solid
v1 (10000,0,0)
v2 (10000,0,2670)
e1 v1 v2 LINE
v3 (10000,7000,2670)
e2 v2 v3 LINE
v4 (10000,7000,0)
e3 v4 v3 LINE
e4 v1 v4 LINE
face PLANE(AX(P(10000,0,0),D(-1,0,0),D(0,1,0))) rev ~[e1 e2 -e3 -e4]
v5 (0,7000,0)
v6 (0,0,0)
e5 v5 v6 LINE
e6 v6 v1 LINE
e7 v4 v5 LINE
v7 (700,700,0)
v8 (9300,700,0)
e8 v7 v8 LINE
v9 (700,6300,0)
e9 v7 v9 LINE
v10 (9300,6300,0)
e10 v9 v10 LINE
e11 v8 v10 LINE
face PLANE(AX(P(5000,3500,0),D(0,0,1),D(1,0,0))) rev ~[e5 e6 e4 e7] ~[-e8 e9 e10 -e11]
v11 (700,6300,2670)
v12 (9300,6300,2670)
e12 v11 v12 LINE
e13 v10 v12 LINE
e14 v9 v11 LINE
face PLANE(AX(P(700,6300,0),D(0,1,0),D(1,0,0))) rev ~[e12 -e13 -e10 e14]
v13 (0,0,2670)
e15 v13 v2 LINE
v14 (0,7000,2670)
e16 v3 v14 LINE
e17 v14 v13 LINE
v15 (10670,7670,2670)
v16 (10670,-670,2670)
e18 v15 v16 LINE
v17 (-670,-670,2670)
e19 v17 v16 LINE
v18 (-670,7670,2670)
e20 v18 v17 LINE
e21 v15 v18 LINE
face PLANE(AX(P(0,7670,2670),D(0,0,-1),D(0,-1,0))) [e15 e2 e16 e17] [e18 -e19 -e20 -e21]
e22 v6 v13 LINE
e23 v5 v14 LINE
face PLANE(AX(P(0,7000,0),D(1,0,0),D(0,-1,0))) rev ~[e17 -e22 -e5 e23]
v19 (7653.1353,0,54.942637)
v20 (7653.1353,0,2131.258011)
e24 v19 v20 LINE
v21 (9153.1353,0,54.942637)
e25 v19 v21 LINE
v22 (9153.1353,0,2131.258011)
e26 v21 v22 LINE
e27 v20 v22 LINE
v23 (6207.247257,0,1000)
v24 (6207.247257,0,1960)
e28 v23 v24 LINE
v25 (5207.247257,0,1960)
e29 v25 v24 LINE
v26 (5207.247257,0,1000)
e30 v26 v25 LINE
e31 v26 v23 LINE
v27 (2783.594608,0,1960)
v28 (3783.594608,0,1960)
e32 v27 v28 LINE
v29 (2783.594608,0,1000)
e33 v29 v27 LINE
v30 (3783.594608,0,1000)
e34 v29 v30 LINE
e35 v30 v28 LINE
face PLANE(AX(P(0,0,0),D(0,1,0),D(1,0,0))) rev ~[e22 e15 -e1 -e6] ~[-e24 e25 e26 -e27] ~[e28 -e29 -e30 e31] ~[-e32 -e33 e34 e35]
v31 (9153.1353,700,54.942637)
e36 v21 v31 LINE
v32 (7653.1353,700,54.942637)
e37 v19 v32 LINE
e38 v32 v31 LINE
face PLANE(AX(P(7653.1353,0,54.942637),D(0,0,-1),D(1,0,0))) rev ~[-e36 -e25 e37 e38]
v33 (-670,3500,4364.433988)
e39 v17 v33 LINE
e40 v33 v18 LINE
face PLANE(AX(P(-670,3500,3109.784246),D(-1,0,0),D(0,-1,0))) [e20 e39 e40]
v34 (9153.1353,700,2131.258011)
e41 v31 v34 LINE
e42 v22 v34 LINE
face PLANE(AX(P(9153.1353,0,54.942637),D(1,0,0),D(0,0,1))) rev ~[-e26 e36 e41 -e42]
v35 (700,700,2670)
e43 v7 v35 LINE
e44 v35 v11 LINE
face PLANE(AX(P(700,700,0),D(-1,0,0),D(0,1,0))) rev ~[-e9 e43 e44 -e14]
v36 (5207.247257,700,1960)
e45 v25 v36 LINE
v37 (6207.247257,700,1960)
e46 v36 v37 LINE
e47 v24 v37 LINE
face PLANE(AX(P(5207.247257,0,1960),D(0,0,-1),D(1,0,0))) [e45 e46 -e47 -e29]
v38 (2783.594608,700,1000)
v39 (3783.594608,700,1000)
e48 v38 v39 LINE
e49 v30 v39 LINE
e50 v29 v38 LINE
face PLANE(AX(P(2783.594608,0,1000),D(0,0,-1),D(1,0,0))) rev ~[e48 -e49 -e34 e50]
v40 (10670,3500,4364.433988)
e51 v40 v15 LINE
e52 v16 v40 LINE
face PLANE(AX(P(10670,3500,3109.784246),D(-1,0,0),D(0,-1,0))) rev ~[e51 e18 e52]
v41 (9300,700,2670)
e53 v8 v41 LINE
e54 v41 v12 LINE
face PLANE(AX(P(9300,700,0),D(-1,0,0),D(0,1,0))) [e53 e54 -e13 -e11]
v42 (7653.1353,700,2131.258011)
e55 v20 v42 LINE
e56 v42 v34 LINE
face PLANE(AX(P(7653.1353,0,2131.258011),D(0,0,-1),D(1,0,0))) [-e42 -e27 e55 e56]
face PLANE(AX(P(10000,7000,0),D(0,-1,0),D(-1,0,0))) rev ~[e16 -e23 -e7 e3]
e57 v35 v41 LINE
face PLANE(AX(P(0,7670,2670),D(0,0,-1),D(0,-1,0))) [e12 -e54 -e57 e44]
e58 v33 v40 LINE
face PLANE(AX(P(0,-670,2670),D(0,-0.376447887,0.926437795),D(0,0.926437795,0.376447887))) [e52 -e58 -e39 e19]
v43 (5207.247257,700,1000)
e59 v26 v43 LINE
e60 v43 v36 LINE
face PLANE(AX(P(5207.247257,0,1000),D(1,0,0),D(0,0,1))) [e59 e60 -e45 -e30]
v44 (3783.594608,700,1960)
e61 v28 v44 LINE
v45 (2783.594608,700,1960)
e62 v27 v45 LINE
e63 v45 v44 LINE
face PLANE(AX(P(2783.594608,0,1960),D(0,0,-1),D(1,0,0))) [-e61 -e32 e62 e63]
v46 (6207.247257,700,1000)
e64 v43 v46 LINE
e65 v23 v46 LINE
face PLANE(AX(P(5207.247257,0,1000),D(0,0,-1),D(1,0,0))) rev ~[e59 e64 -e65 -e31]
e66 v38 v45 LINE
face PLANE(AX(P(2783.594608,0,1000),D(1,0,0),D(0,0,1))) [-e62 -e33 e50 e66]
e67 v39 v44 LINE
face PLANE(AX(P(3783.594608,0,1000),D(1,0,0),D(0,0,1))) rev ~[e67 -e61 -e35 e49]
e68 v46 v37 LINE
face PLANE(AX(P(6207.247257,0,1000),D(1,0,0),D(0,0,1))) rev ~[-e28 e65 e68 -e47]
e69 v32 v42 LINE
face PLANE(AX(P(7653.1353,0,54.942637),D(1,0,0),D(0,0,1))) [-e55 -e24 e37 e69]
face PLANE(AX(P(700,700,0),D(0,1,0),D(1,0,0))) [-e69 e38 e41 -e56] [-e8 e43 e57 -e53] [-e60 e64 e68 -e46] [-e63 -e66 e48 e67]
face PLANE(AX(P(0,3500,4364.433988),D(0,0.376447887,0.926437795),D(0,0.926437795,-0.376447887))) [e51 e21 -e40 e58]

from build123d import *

# Parameters (mm, degrees)
F0_W          = 8600
F0_H          = 5600
F1_DEPTH      = 2670
F2_W          = 1500
F2_H          = 2076.315373
F2_W_2        = 1000
F2_H_2        = 960
F3_DEPTH      = 700
F5_DEPTH      = 670
F5_DEPTH_BACK = 10670


with BuildPart() as f1:
    # F0 (on Top) → F1 (new body)
    with BuildSketch(Plane.XY):
        Polygon((0, 7000), (0, 0), (690.367639, 0), (700, 0), (10000, 0), (10000, 7000), align=None)
        with Locations((5000, 3500)):
            Rectangle(F0_W, F0_H, mode=Mode.SUBTRACT)
    extrude(amount=F1_DEPTH)

    # F2 (on face) → F3 (cut, through all)
    with BuildSketch(Plane.XZ):
        with Locations((8403.1353, 1093.100324)):
            Rectangle(F2_W, F2_H)
        with Locations((5707.247257, 1480)):
            Rectangle(F2_W_2, F2_H_2)
        with Locations((3283.594608, 1480)):
            Rectangle(F2_W_2, F2_H_2)
    extrude(amount=-F3_DEPTH, mode=Mode.SUBTRACT)

    # F4 (on face) → F5 (join, two sides)
    with BuildSketch(Plane(origin=(0, 0, 0), x_dir=(0, -1, 0), z_dir=(-1, 0, 0))) as f5_sk:
        Polygon((-3500, 4364.433988), (-7670, 2670), (-7000, 2670), (0, 2670), (670, 2670), align=None)
    extrude(amount=F5_DEPTH)
    extrude(f5_sk.sketch, amount=-F5_DEPTH_BACK)


solid = f1.part
